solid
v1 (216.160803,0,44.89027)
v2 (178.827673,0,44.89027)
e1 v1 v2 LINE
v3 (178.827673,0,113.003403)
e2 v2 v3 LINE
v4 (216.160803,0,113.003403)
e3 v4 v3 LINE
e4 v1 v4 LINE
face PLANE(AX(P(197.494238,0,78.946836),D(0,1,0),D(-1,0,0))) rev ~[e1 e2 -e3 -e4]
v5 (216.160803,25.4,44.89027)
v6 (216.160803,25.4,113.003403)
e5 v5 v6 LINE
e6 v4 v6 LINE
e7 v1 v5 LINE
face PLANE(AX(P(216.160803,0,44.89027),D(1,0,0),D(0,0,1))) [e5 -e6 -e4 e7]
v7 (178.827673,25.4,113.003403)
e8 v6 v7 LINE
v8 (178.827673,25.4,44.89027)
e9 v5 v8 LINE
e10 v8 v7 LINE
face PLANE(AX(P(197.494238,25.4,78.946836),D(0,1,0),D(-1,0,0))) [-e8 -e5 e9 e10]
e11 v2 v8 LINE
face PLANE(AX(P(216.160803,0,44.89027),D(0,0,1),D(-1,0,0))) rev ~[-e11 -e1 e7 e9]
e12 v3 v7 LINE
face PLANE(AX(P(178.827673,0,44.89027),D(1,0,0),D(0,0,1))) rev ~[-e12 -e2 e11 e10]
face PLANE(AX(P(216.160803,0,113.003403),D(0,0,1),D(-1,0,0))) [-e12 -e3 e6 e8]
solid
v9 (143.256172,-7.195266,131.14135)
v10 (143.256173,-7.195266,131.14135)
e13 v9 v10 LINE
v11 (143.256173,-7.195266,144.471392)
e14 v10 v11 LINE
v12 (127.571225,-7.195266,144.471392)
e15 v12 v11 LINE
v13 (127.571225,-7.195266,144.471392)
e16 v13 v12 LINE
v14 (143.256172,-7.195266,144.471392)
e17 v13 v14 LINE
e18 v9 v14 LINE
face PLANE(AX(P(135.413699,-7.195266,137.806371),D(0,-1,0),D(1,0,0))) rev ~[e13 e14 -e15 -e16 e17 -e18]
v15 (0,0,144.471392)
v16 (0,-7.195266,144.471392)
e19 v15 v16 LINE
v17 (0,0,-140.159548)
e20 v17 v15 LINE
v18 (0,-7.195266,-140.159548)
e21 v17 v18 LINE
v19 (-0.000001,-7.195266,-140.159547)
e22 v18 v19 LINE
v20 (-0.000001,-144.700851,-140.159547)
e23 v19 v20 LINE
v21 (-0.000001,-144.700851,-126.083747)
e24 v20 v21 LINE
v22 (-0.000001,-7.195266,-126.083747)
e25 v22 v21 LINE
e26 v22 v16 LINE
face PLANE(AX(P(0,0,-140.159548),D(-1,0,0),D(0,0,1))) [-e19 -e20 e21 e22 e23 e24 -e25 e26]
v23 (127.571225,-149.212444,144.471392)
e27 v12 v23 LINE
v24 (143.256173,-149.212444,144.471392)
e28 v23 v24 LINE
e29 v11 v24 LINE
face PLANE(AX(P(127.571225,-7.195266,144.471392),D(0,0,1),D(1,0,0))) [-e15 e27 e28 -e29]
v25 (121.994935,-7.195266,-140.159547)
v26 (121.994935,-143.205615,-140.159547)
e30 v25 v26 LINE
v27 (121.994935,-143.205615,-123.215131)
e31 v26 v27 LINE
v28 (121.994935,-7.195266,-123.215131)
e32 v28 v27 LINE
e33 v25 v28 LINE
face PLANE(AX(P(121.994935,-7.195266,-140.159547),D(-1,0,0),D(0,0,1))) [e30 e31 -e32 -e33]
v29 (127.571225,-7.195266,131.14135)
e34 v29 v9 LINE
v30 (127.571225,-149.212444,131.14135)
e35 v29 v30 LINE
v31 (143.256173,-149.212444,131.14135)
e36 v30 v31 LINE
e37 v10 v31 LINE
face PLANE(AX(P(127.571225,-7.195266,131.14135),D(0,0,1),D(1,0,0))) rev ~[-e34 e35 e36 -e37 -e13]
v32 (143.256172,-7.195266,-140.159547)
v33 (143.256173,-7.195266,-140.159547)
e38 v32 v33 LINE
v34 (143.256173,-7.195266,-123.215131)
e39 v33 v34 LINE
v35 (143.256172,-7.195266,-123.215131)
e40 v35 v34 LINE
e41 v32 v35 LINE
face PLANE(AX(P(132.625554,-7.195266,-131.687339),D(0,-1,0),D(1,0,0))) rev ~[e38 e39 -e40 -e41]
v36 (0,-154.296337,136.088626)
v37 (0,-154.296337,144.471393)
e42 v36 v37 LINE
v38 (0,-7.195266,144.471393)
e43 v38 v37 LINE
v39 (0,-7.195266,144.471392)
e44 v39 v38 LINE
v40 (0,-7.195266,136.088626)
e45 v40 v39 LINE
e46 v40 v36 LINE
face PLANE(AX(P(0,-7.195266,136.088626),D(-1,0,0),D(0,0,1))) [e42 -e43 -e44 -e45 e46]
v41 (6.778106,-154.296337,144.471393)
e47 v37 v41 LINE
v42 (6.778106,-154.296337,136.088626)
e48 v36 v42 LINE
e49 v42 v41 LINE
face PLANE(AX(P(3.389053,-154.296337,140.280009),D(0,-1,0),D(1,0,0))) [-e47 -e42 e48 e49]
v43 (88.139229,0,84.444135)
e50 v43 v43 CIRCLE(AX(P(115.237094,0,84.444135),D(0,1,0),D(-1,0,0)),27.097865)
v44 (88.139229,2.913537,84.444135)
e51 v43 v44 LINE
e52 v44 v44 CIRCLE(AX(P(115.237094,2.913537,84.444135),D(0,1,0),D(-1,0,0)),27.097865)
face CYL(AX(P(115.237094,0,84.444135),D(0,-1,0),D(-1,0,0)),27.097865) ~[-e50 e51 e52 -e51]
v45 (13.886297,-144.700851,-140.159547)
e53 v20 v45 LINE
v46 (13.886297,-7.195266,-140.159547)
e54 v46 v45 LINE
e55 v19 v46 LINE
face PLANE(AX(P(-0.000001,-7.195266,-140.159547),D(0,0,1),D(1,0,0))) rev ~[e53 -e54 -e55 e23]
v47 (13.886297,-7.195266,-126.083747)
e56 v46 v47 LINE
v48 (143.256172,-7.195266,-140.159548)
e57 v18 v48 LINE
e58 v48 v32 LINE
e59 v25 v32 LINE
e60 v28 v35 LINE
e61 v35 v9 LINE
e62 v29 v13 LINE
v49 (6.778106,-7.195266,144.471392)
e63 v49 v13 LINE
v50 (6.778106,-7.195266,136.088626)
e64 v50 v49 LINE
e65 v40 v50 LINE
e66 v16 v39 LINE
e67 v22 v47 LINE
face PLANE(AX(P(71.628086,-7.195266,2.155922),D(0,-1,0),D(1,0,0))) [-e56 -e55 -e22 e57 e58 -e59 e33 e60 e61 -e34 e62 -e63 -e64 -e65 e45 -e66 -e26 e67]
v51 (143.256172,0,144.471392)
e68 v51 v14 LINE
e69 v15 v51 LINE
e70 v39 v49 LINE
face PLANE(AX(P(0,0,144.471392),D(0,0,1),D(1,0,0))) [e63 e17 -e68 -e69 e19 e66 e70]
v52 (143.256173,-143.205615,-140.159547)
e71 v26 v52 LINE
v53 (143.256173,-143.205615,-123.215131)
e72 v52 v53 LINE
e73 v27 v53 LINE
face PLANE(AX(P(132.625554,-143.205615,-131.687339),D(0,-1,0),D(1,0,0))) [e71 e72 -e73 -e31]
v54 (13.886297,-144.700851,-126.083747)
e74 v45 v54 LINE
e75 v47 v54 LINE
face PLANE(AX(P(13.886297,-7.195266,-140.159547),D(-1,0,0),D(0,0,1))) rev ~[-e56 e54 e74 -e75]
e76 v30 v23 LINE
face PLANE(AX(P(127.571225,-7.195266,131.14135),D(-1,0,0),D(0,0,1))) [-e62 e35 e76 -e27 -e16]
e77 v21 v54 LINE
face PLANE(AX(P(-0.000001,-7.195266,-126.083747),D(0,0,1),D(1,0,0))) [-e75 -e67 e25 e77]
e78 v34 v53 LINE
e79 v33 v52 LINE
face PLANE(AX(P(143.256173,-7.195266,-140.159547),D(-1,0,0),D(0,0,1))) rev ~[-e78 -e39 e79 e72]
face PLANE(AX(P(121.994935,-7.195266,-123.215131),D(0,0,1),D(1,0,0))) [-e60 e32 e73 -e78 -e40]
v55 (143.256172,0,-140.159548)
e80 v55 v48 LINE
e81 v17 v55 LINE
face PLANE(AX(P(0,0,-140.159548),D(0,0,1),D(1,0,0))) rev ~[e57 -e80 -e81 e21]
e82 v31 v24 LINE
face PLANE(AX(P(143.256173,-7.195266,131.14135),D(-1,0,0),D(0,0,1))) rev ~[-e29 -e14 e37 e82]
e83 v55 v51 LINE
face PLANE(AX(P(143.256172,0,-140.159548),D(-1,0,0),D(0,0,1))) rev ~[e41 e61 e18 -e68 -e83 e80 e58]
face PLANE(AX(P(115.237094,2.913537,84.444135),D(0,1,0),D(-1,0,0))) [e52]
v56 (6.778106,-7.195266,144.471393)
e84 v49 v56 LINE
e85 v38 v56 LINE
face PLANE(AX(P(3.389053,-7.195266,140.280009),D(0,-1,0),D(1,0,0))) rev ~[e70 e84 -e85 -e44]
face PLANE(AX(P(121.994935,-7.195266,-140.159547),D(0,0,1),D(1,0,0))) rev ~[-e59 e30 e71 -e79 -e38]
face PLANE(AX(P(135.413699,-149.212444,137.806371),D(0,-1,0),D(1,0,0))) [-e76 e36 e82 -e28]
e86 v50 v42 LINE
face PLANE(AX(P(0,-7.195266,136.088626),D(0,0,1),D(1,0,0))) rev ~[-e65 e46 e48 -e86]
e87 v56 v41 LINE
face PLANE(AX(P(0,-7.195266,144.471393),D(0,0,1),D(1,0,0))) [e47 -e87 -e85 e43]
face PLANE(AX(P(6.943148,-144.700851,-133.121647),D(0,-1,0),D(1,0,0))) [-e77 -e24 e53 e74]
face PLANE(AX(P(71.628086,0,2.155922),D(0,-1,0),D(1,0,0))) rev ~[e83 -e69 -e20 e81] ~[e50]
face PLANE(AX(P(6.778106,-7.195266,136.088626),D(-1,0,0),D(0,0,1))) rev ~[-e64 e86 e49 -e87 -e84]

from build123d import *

# Parameters (mm, degrees)
F0_W      = 143.256173
F0_H      = 284.630939
F1_DEPTH  = 7.195266
F2_W      = 13.886297
F2_H      = 14.0758
F3_DEPTH  = 137.505585
F4_W      = 21.261238
F4_H      = 16.944416
F5_DEPTH  = 136.010349
F6_W      = 15.684948
F6_H      = 13.330042
F7_DEPTH  = 142.017178
F8_W      = 6.778106
F8_H      = 8.382767
F9_DEPTH  = 147.101071
F10_R     = 27.097865
F11_DEPTH = 2.913537
F13_W     = 37.333131
F13_H     = 68.113133
F15_DEPTH = 25.4


with BuildPart() as f1:
    # F0 (on Front) → F1 (new body)
    with BuildSketch(Plane.XZ):
        with Locations((71.628086, 2.155922)):
            Rectangle(F0_W, F0_H)
    extrude(amount=F1_DEPTH)

    # F2 (on face) → F3 (join)
    with BuildSketch(Plane.XZ.offset(7.195266)):
        with Locations((6.943148, -133.121647)):
            Rectangle(F2_W, F2_H)
    extrude(amount=F3_DEPTH)

    # F4 (on face) → F5 (join)
    with BuildSketch(Plane.XZ.offset(7.195266)):
        with Locations((132.625554, -131.687339)):
            Rectangle(F4_W, F4_H)
    extrude(amount=F5_DEPTH)

    # F6 (on face) → F7 (join)
    with BuildSketch(Plane.XZ.offset(7.195266)):
        with Locations((135.413699, 137.806371)):
            Rectangle(F6_W, F6_H)
    extrude(amount=F7_DEPTH)

    # F8 (on face) → F9 (join)
    with BuildSketch(Plane.XZ.offset(7.195266)):
        with Locations((3.389053, 140.280009)):
            Rectangle(F8_W, F8_H)
    extrude(amount=F9_DEPTH)

    # F10 (on face) → F11 (join)
    with BuildSketch(Plane(origin=(0, 0, 0), x_dir=(-1, 0, 0), z_dir=(0, 1, 0))):
        with Locations((-115.237094, 84.444135)):
            Circle(F10_R)
    extrude(amount=F11_DEPTH)


with BuildPart() as f15:
    # F13 (on face) → F15 (new body)
    with BuildSketch(Plane(origin=(0, 0, 0), x_dir=(-1, 0, 0), z_dir=(0, 1, 0))):
        with Locations((-197.494238, 78.946836)):
            Rectangle(F13_W, F13_H)
    extrude(amount=F15_DEPTH)


solid = Compound([f1.part, f15.part])
